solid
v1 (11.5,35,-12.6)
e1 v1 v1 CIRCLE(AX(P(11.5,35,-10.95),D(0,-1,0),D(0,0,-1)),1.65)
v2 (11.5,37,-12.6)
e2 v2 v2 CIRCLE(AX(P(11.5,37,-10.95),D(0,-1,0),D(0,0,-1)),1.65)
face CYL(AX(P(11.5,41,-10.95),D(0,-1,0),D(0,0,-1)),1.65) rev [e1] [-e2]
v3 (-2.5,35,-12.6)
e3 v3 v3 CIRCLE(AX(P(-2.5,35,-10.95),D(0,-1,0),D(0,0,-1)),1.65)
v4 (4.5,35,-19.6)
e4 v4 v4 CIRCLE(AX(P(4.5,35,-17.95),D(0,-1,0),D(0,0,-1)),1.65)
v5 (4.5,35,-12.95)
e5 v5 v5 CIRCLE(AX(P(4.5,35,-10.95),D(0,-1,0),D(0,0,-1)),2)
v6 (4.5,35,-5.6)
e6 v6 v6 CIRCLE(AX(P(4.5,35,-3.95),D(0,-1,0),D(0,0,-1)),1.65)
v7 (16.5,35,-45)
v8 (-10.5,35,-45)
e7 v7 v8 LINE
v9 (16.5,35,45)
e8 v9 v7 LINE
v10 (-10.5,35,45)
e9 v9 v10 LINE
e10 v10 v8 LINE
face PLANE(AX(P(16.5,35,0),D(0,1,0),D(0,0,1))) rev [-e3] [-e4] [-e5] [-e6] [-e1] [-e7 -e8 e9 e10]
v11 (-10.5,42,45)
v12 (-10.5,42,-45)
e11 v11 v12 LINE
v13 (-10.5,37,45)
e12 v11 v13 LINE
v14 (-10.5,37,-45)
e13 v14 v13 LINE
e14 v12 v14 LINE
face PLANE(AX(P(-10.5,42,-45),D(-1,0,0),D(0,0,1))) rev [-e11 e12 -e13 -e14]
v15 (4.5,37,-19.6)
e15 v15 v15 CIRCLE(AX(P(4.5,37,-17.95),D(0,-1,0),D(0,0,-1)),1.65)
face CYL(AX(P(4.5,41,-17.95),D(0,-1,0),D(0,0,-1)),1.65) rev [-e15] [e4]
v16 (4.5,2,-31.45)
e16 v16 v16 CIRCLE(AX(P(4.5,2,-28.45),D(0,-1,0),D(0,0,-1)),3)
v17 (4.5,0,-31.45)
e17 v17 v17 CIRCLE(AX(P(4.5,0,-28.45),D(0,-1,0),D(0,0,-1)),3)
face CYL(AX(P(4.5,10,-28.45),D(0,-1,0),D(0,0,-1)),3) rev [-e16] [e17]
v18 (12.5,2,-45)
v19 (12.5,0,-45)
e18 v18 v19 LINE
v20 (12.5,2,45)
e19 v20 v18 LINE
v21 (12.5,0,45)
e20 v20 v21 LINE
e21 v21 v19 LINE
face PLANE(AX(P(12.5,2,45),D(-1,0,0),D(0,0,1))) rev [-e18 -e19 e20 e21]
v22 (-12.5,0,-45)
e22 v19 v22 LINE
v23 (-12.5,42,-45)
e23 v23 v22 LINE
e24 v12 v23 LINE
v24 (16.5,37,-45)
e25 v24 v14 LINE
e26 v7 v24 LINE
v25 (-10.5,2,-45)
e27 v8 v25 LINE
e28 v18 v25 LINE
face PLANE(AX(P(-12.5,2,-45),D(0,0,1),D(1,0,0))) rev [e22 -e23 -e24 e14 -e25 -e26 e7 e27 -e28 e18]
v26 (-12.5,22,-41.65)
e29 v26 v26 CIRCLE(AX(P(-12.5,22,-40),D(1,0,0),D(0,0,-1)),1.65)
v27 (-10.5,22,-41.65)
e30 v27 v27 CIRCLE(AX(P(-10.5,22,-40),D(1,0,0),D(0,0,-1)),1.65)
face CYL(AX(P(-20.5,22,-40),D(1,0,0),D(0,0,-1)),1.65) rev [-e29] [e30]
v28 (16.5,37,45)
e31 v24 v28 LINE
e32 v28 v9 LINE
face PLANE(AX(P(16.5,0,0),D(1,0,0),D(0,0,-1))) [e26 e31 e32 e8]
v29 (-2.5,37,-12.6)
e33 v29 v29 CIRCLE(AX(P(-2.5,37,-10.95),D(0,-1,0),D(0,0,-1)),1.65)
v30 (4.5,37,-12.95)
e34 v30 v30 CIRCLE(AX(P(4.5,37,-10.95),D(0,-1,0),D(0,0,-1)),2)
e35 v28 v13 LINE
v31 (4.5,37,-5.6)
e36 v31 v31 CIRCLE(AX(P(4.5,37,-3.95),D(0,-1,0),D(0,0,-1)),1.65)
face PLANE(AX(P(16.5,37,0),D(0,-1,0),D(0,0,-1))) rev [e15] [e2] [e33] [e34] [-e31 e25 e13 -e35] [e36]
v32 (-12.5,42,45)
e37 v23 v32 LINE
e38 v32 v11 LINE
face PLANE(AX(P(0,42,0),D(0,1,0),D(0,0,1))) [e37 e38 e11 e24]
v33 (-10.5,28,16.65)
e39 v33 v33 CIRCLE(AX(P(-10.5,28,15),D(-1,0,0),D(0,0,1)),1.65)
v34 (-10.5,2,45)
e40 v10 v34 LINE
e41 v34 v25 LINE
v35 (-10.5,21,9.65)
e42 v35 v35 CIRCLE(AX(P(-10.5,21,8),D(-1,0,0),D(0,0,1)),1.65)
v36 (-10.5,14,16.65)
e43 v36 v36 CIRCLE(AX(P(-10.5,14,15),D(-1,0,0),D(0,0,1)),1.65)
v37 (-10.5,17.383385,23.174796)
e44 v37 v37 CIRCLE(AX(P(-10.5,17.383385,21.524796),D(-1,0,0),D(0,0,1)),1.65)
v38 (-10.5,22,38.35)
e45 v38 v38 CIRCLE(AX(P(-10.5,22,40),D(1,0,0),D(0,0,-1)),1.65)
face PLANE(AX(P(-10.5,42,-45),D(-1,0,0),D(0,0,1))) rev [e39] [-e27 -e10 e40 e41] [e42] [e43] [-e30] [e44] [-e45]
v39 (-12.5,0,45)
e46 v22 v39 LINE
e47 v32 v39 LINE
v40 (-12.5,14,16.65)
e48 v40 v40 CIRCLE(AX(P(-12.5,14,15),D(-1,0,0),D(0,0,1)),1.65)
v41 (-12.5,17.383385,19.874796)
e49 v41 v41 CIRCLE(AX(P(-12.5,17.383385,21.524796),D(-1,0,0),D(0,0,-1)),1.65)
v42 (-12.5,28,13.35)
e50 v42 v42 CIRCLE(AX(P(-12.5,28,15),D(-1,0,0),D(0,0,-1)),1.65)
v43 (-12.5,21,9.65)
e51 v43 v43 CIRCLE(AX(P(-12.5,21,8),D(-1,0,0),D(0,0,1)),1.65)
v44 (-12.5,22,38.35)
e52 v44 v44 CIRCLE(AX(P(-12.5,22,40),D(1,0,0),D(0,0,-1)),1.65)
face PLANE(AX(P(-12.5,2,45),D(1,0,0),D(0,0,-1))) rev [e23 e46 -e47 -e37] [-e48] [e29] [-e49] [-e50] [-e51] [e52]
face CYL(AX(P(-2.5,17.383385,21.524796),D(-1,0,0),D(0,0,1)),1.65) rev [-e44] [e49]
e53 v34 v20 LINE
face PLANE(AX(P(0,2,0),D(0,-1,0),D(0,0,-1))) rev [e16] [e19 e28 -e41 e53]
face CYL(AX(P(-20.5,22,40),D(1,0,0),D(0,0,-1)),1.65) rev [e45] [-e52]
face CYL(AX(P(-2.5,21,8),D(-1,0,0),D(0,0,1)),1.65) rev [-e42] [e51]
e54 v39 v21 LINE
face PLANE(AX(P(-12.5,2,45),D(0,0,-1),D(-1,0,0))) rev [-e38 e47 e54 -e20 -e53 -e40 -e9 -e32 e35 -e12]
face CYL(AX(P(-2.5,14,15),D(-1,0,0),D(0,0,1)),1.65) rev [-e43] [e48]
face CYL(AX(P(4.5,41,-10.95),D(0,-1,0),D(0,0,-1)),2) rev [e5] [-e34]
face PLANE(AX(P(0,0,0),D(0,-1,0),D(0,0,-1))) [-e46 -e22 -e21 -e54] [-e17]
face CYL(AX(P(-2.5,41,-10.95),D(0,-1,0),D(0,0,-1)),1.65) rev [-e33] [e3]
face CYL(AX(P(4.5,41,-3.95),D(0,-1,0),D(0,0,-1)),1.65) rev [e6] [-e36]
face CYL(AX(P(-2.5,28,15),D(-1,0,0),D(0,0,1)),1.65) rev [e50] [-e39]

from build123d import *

# Parameters (mm, degrees)
SKETCH_1_W          = 25
SKETCH_1_H          = 90
EXTRUDE_1_DEPTH     = 2
SKETCH_3_W          = 2
SKETCH_3_H          = 90
EXTRUDE_2_DEPTH     = 40
SKETCH_6_R          = 1.65
CUT_EXTRUDE_3_DEPTH = 10
SKETCH_7_R          = 3
CUT_EXTRUDE_4_DEPTH = 10
SKETCH_8_R          = 1.65
CUT_EXTRUDE_5_DEPTH = 10
EXTRUDE_3_DEPTH     = 27
SKETCH_10_R         = 1.65
SKETCH_10_R_2       = 2
CUT_EXTRUDE_7_DEPTH = 6


with BuildPart() as part:
    # 草图1 → 凸台-拉伸1 (new body)
    with BuildSketch(Plane(origin=(0, 0, 0), x_dir=(1, 0, 0), z_dir=(0, 1, 0))):
        Rectangle(SKETCH_1_W, SKETCH_1_H)
    extrude(amount=EXTRUDE_1_DEPTH)

    # 草图3 → 凸台-拉伸2 (add)
    with BuildSketch(Plane(origin=(0, 2, 0), x_dir=(1, 0, 0), z_dir=(0, 1, 0))):
        with Locations((-11.5, 0)):
            Rectangle(SKETCH_3_W, SKETCH_3_H)
    extrude(amount=EXTRUDE_2_DEPTH)

    # 草图6 → 切除-拉伸3 (cut)
    with BuildSketch(Plane.ZY.offset(12.5)):
        with Locations((8, 21)):
            Circle(SKETCH_6_R)
        with Locations((21.524795588, 17.383384964)):
            Circle(SKETCH_6_R)
        with Locations((15, 14)):
            Circle(SKETCH_6_R)
        with Locations((15, 28)):
            Circle(SKETCH_6_R)
    extrude(amount=-CUT_EXTRUDE_3_DEPTH, mode=Mode.SUBTRACT)

    # 草图7 → 切除-拉伸4 (cut)
    with BuildSketch(Plane(origin=(0, 0, 0), x_dir=(-1, 0, 0), z_dir=(0, -1, 0))):
        with Locations(Location((-4.5, 28.45, 0), (0, 0, 90))):
            Circle(SKETCH_7_R)
    extrude(amount=-CUT_EXTRUDE_4_DEPTH, mode=Mode.SUBTRACT)

    # 草图8 → 切除-拉伸5 (cut)
    with BuildSketch(Plane(origin=(-10.5, 0, 0), x_dir=(0, 0, -1), z_dir=(1, 0, 0))):
        with Locations((-40, 22)):
            Circle(SKETCH_8_R)
        with Locations((40, 22)):
            Circle(SKETCH_8_R)
    extrude(amount=-CUT_EXTRUDE_5_DEPTH, mode=Mode.SUBTRACT)

    # 草图9 → 凸台-拉伸3 (add)
    with BuildSketch(Plane(origin=(-10.5, 0, 0), x_dir=(0, 0, -1), z_dir=(1, 0, 0))):
        Polygon((-45, 35), (0, 35), (45, 35), (45, 37), (-45, 37), align=None)
    extrude(amount=EXTRUDE_3_DEPTH)

    # 草图10 → 切除-拉伸7 (cut)
    with BuildSketch(Plane.XZ.offset(-35)):
        with Locations(Location((4.5, -17.95, 0), (0, 0, 270))):
            Circle(SKETCH_10_R)
        with Locations(Location((11.5, -10.95, 0), (0, 0, 270))):
            Circle(SKETCH_10_R)
        with Locations(Location((4.5, -10.95, 0), (0, 0, 270))):
            Circle(SKETCH_10_R_2)
        with Locations(Location((-2.5, -10.95, 0), (0, 0, 270))):
            Circle(SKETCH_10_R)
        with Locations(Location((4.5, -3.95, 0), (0, 0, 270))):
            Circle(SKETCH_10_R)
    extrude(amount=-CUT_EXTRUDE_7_DEPTH, mode=Mode.SUBTRACT)


solid = part.part
